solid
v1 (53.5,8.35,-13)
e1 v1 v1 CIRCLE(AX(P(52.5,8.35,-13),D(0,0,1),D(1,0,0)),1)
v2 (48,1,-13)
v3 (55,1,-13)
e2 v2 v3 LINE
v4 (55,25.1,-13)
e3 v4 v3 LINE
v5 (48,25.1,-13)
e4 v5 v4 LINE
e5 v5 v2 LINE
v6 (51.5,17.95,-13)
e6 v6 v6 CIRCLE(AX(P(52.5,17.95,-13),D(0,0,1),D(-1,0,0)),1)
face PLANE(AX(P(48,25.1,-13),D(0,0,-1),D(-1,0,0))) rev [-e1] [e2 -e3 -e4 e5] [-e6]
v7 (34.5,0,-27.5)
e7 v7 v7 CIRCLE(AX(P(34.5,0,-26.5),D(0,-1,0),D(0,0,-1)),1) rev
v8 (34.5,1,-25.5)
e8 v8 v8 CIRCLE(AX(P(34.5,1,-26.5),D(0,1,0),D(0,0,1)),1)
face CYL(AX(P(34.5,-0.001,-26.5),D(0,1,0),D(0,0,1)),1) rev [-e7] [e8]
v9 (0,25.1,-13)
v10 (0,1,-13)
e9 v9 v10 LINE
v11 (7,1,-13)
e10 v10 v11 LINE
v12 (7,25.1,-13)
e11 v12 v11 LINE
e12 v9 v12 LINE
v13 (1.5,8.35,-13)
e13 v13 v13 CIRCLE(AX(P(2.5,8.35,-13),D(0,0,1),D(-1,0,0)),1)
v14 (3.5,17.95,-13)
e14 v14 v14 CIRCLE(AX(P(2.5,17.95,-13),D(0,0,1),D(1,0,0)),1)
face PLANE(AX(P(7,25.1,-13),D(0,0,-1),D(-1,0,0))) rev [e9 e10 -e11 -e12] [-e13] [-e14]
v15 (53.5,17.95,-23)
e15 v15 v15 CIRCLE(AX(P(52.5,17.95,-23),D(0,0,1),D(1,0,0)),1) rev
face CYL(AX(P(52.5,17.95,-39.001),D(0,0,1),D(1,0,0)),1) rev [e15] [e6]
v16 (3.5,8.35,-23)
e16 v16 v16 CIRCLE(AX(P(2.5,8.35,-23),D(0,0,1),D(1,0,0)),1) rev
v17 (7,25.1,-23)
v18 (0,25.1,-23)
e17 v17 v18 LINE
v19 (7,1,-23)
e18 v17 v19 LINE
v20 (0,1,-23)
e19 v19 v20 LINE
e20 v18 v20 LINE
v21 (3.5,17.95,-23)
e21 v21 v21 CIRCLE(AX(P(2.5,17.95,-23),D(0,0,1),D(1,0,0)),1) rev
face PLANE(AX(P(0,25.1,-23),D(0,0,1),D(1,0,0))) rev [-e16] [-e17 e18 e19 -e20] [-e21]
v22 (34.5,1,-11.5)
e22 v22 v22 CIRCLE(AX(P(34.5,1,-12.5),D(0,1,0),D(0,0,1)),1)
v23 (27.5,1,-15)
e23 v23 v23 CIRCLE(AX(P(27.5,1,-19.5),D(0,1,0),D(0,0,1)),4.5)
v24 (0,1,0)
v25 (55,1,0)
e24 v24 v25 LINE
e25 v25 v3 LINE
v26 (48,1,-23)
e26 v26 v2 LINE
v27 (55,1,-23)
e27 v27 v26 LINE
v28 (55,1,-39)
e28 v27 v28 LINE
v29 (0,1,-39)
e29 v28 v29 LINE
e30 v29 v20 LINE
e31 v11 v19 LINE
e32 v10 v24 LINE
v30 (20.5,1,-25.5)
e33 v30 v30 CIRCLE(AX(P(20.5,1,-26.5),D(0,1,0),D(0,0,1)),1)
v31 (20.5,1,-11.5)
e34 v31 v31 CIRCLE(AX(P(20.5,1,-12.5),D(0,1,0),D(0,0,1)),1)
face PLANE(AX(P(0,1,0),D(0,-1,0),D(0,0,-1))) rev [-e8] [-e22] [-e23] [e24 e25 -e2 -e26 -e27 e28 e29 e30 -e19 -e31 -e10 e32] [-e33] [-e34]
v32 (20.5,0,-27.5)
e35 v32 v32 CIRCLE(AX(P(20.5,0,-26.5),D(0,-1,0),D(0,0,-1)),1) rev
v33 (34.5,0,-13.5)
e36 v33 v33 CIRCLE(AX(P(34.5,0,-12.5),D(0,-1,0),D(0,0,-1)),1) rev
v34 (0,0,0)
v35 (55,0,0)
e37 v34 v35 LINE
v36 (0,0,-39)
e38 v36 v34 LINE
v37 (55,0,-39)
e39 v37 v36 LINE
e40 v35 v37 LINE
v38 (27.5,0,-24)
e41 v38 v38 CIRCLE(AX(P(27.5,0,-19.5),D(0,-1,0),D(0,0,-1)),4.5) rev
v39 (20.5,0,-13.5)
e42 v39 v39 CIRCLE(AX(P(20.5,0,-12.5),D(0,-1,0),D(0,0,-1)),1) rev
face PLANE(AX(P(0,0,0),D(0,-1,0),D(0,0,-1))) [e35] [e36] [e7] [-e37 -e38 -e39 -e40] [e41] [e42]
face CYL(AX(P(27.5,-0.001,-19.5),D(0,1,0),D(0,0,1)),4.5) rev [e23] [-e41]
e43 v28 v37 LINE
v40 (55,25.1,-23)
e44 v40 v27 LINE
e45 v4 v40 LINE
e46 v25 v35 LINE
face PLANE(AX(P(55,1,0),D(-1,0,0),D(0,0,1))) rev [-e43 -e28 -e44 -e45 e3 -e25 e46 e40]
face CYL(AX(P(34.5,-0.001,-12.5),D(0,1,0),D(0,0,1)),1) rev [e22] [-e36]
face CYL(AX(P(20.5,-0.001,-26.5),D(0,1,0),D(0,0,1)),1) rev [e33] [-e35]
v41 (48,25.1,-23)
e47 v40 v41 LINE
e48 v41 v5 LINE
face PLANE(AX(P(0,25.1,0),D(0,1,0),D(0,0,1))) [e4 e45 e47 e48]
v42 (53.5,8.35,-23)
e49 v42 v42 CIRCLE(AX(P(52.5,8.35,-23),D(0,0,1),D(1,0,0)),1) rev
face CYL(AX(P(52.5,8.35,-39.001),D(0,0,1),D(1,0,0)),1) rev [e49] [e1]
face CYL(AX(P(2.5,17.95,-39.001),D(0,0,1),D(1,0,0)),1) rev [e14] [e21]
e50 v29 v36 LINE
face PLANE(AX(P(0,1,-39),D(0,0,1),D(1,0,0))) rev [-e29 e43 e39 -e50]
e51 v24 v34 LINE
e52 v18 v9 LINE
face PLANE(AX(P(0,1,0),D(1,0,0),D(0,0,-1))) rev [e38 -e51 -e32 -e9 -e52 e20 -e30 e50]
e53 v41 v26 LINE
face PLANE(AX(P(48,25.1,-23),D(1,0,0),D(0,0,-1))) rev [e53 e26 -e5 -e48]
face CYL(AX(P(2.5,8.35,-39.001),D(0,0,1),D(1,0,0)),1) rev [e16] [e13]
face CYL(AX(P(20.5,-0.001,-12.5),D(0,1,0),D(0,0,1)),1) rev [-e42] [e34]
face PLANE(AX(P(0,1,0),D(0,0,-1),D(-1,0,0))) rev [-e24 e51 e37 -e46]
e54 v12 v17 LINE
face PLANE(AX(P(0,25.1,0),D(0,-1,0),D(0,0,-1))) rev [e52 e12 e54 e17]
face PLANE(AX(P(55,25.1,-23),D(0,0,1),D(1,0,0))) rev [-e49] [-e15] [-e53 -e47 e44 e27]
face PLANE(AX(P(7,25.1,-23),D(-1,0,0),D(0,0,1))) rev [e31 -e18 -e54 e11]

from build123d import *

# Parameters (mm, degrees)
SKETCH1_W           = 55
SKETCH1_H           = 39
BOSS_EXTRUDE1_DEPTH = 1
CUT_EXTRUDE1_REACH  = 69.431
SKETCH3_R           = 1
SKETCH3_R_2         = 4.5
SKETCH2_W           = 7
SKETCH2_H           = 10
BOSS_EXTRUDE2_DEPTH = 24.1
CUT_EXTRUDE2_REACH  = 67.81
SKETCH4_R           = 1


with BuildPart() as part:
    # Sketch1 → Boss-Extrude1 (new body)
    with BuildSketch(Plane(origin=(0, 0, 0), x_dir=(1, 0, 0), z_dir=(0, 1, 0))):
        with Locations((27.5, 19.5)):
            Rectangle(SKETCH1_W, SKETCH1_H)
    extrude(amount=BOSS_EXTRUDE1_DEPTH)

    # Sketch3 → Cut-Extrude1 (cut, up to next)
    with BuildSketch(Plane(origin=(0, 1, 0), x_dir=(1, 0, 0), z_dir=(0, 1, 0)), mode=Mode.PRIVATE) as cut_extrude1_sk1:
        with Locations(Location((34.5, 26.5, 0), (0, 0, 270))):
            Circle(SKETCH3_R)
    cut_extrude1_tool1 = extrude(cut_extrude1_sk1.sketch, amount=-CUT_EXTRUDE1_REACH, mode=Mode.PRIVATE) & part.part
    # Sketch3 → Cut-Extrude1 (cut, up to next)
    with BuildSketch(Plane(origin=(0, 1, 0), x_dir=(1, 0, 0), z_dir=(0, 1, 0)), mode=Mode.PRIVATE) as cut_extrude1_sk2:
        with Locations(Location((34.5, 12.5, 0), (0, 0, 270))):
            Circle(SKETCH3_R)
    cut_extrude1_tool2 = extrude(cut_extrude1_sk2.sketch, amount=-CUT_EXTRUDE1_REACH, mode=Mode.PRIVATE) & part.part
    # Sketch3 → Cut-Extrude1 (cut, up to next)
    with BuildSketch(Plane(origin=(0, 1, 0), x_dir=(1, 0, 0), z_dir=(0, 1, 0)), mode=Mode.PRIVATE) as cut_extrude1_sk3:
        with Locations(Location((20.5, 12.5, 0), (0, 0, 270))):
            Circle(SKETCH3_R)
    cut_extrude1_tool3 = extrude(cut_extrude1_sk3.sketch, amount=-CUT_EXTRUDE1_REACH, mode=Mode.PRIVATE) & part.part
    # Sketch3 → Cut-Extrude1 (cut, up to next)
    with BuildSketch(Plane(origin=(0, 1, 0), x_dir=(1, 0, 0), z_dir=(0, 1, 0)), mode=Mode.PRIVATE) as cut_extrude1_sk4:
        with Locations(Location((20.5, 26.5, 0), (0, 0, 270))):
            Circle(SKETCH3_R)
    cut_extrude1_tool4 = extrude(cut_extrude1_sk4.sketch, amount=-CUT_EXTRUDE1_REACH, mode=Mode.PRIVATE) & part.part
    # Sketch3 → Cut-Extrude1 (cut, up to next)
    with BuildSketch(Plane(origin=(0, 1, 0), x_dir=(1, 0, 0), z_dir=(0, 1, 0)), mode=Mode.PRIVATE) as cut_extrude1_sk5:
        with Locations(Location((27.5, 19.5, 0), (0, 0, 270))):
            Circle(SKETCH3_R_2)
    cut_extrude1_tool5 = extrude(cut_extrude1_sk5.sketch, amount=-CUT_EXTRUDE1_REACH, mode=Mode.PRIVATE) & part.part
    add(cut_extrude1_tool1.solids().sort_by_distance((34.5, 1, -26.5))[0], mode=Mode.SUBTRACT)
    add(cut_extrude1_tool2.solids().sort_by_distance((34.5, 1, -12.5))[0], mode=Mode.SUBTRACT)
    add(cut_extrude1_tool3.solids().sort_by_distance((20.5, 1, -12.5))[0], mode=Mode.SUBTRACT)
    add(cut_extrude1_tool4.solids().sort_by_distance((20.5, 1, -26.5))[0], mode=Mode.SUBTRACT)
    add(cut_extrude1_tool5.solids().sort_by_distance((27.5, 1, -19.5))[0], mode=Mode.SUBTRACT)

    # Sketch2 → Boss-Extrude2 (add)
    with BuildSketch(Plane(origin=(0, 1, 0), x_dir=(1, 0, 0), z_dir=(0, 1, 0))):
        with Locations((51.5, 18)):
            Rectangle(SKETCH2_W, SKETCH2_H)
        with Locations((3.5, 18)):
            Rectangle(SKETCH2_W, SKETCH2_H)
    extrude(amount=BOSS_EXTRUDE2_DEPTH)

    # Sketch4 → Cut-Extrude2 (cut, up to next)
    with BuildSketch(Plane.XY.offset(-13), mode=Mode.PRIVATE) as cut_extrude2_sk1:
        with Locations((2.5, 17.95)):
            Circle(SKETCH4_R)
    cut_extrude2_tool1 = extrude(cut_extrude2_sk1.sketch, amount=-CUT_EXTRUDE2_REACH, mode=Mode.PRIVATE) & part.part
    # Sketch4 → Cut-Extrude2 (cut, up to next)
    with BuildSketch(Plane.XY.offset(-13), mode=Mode.PRIVATE) as cut_extrude2_sk2:
        with Locations((2.5, 8.35)):
            Circle(SKETCH4_R)
    cut_extrude2_tool2 = extrude(cut_extrude2_sk2.sketch, amount=-CUT_EXTRUDE2_REACH, mode=Mode.PRIVATE) & part.part
    # Sketch4 → Cut-Extrude2 (cut, up to next)
    with BuildSketch(Plane.XY.offset(-13), mode=Mode.PRIVATE) as cut_extrude2_sk3:
        with Locations((52.5, 8.35)):
            Circle(SKETCH4_R)
    cut_extrude2_tool3 = extrude(cut_extrude2_sk3.sketch, amount=-CUT_EXTRUDE2_REACH, mode=Mode.PRIVATE) & part.part
    # Sketch4 → Cut-Extrude2 (cut, up to next)
    with BuildSketch(Plane.XY.offset(-13), mode=Mode.PRIVATE) as cut_extrude2_sk4:
        with Locations((52.5, 17.95)):
            Circle(SKETCH4_R)
    cut_extrude2_tool4 = extrude(cut_extrude2_sk4.sketch, amount=-CUT_EXTRUDE2_REACH, mode=Mode.PRIVATE) & part.part
    add(cut_extrude2_tool1.solids().sort_by_distance((2.5, 17.95, -13))[0], mode=Mode.SUBTRACT)
    add(cut_extrude2_tool2.solids().sort_by_distance((2.5, 8.35, -13))[0], mode=Mode.SUBTRACT)
    add(cut_extrude2_tool3.solids().sort_by_distance((52.5, 8.35, -13))[0], mode=Mode.SUBTRACT)
    add(cut_extrude2_tool4.solids().sort_by_distance((52.5, 17.95, -13))[0], mode=Mode.SUBTRACT)


solid = part.part
